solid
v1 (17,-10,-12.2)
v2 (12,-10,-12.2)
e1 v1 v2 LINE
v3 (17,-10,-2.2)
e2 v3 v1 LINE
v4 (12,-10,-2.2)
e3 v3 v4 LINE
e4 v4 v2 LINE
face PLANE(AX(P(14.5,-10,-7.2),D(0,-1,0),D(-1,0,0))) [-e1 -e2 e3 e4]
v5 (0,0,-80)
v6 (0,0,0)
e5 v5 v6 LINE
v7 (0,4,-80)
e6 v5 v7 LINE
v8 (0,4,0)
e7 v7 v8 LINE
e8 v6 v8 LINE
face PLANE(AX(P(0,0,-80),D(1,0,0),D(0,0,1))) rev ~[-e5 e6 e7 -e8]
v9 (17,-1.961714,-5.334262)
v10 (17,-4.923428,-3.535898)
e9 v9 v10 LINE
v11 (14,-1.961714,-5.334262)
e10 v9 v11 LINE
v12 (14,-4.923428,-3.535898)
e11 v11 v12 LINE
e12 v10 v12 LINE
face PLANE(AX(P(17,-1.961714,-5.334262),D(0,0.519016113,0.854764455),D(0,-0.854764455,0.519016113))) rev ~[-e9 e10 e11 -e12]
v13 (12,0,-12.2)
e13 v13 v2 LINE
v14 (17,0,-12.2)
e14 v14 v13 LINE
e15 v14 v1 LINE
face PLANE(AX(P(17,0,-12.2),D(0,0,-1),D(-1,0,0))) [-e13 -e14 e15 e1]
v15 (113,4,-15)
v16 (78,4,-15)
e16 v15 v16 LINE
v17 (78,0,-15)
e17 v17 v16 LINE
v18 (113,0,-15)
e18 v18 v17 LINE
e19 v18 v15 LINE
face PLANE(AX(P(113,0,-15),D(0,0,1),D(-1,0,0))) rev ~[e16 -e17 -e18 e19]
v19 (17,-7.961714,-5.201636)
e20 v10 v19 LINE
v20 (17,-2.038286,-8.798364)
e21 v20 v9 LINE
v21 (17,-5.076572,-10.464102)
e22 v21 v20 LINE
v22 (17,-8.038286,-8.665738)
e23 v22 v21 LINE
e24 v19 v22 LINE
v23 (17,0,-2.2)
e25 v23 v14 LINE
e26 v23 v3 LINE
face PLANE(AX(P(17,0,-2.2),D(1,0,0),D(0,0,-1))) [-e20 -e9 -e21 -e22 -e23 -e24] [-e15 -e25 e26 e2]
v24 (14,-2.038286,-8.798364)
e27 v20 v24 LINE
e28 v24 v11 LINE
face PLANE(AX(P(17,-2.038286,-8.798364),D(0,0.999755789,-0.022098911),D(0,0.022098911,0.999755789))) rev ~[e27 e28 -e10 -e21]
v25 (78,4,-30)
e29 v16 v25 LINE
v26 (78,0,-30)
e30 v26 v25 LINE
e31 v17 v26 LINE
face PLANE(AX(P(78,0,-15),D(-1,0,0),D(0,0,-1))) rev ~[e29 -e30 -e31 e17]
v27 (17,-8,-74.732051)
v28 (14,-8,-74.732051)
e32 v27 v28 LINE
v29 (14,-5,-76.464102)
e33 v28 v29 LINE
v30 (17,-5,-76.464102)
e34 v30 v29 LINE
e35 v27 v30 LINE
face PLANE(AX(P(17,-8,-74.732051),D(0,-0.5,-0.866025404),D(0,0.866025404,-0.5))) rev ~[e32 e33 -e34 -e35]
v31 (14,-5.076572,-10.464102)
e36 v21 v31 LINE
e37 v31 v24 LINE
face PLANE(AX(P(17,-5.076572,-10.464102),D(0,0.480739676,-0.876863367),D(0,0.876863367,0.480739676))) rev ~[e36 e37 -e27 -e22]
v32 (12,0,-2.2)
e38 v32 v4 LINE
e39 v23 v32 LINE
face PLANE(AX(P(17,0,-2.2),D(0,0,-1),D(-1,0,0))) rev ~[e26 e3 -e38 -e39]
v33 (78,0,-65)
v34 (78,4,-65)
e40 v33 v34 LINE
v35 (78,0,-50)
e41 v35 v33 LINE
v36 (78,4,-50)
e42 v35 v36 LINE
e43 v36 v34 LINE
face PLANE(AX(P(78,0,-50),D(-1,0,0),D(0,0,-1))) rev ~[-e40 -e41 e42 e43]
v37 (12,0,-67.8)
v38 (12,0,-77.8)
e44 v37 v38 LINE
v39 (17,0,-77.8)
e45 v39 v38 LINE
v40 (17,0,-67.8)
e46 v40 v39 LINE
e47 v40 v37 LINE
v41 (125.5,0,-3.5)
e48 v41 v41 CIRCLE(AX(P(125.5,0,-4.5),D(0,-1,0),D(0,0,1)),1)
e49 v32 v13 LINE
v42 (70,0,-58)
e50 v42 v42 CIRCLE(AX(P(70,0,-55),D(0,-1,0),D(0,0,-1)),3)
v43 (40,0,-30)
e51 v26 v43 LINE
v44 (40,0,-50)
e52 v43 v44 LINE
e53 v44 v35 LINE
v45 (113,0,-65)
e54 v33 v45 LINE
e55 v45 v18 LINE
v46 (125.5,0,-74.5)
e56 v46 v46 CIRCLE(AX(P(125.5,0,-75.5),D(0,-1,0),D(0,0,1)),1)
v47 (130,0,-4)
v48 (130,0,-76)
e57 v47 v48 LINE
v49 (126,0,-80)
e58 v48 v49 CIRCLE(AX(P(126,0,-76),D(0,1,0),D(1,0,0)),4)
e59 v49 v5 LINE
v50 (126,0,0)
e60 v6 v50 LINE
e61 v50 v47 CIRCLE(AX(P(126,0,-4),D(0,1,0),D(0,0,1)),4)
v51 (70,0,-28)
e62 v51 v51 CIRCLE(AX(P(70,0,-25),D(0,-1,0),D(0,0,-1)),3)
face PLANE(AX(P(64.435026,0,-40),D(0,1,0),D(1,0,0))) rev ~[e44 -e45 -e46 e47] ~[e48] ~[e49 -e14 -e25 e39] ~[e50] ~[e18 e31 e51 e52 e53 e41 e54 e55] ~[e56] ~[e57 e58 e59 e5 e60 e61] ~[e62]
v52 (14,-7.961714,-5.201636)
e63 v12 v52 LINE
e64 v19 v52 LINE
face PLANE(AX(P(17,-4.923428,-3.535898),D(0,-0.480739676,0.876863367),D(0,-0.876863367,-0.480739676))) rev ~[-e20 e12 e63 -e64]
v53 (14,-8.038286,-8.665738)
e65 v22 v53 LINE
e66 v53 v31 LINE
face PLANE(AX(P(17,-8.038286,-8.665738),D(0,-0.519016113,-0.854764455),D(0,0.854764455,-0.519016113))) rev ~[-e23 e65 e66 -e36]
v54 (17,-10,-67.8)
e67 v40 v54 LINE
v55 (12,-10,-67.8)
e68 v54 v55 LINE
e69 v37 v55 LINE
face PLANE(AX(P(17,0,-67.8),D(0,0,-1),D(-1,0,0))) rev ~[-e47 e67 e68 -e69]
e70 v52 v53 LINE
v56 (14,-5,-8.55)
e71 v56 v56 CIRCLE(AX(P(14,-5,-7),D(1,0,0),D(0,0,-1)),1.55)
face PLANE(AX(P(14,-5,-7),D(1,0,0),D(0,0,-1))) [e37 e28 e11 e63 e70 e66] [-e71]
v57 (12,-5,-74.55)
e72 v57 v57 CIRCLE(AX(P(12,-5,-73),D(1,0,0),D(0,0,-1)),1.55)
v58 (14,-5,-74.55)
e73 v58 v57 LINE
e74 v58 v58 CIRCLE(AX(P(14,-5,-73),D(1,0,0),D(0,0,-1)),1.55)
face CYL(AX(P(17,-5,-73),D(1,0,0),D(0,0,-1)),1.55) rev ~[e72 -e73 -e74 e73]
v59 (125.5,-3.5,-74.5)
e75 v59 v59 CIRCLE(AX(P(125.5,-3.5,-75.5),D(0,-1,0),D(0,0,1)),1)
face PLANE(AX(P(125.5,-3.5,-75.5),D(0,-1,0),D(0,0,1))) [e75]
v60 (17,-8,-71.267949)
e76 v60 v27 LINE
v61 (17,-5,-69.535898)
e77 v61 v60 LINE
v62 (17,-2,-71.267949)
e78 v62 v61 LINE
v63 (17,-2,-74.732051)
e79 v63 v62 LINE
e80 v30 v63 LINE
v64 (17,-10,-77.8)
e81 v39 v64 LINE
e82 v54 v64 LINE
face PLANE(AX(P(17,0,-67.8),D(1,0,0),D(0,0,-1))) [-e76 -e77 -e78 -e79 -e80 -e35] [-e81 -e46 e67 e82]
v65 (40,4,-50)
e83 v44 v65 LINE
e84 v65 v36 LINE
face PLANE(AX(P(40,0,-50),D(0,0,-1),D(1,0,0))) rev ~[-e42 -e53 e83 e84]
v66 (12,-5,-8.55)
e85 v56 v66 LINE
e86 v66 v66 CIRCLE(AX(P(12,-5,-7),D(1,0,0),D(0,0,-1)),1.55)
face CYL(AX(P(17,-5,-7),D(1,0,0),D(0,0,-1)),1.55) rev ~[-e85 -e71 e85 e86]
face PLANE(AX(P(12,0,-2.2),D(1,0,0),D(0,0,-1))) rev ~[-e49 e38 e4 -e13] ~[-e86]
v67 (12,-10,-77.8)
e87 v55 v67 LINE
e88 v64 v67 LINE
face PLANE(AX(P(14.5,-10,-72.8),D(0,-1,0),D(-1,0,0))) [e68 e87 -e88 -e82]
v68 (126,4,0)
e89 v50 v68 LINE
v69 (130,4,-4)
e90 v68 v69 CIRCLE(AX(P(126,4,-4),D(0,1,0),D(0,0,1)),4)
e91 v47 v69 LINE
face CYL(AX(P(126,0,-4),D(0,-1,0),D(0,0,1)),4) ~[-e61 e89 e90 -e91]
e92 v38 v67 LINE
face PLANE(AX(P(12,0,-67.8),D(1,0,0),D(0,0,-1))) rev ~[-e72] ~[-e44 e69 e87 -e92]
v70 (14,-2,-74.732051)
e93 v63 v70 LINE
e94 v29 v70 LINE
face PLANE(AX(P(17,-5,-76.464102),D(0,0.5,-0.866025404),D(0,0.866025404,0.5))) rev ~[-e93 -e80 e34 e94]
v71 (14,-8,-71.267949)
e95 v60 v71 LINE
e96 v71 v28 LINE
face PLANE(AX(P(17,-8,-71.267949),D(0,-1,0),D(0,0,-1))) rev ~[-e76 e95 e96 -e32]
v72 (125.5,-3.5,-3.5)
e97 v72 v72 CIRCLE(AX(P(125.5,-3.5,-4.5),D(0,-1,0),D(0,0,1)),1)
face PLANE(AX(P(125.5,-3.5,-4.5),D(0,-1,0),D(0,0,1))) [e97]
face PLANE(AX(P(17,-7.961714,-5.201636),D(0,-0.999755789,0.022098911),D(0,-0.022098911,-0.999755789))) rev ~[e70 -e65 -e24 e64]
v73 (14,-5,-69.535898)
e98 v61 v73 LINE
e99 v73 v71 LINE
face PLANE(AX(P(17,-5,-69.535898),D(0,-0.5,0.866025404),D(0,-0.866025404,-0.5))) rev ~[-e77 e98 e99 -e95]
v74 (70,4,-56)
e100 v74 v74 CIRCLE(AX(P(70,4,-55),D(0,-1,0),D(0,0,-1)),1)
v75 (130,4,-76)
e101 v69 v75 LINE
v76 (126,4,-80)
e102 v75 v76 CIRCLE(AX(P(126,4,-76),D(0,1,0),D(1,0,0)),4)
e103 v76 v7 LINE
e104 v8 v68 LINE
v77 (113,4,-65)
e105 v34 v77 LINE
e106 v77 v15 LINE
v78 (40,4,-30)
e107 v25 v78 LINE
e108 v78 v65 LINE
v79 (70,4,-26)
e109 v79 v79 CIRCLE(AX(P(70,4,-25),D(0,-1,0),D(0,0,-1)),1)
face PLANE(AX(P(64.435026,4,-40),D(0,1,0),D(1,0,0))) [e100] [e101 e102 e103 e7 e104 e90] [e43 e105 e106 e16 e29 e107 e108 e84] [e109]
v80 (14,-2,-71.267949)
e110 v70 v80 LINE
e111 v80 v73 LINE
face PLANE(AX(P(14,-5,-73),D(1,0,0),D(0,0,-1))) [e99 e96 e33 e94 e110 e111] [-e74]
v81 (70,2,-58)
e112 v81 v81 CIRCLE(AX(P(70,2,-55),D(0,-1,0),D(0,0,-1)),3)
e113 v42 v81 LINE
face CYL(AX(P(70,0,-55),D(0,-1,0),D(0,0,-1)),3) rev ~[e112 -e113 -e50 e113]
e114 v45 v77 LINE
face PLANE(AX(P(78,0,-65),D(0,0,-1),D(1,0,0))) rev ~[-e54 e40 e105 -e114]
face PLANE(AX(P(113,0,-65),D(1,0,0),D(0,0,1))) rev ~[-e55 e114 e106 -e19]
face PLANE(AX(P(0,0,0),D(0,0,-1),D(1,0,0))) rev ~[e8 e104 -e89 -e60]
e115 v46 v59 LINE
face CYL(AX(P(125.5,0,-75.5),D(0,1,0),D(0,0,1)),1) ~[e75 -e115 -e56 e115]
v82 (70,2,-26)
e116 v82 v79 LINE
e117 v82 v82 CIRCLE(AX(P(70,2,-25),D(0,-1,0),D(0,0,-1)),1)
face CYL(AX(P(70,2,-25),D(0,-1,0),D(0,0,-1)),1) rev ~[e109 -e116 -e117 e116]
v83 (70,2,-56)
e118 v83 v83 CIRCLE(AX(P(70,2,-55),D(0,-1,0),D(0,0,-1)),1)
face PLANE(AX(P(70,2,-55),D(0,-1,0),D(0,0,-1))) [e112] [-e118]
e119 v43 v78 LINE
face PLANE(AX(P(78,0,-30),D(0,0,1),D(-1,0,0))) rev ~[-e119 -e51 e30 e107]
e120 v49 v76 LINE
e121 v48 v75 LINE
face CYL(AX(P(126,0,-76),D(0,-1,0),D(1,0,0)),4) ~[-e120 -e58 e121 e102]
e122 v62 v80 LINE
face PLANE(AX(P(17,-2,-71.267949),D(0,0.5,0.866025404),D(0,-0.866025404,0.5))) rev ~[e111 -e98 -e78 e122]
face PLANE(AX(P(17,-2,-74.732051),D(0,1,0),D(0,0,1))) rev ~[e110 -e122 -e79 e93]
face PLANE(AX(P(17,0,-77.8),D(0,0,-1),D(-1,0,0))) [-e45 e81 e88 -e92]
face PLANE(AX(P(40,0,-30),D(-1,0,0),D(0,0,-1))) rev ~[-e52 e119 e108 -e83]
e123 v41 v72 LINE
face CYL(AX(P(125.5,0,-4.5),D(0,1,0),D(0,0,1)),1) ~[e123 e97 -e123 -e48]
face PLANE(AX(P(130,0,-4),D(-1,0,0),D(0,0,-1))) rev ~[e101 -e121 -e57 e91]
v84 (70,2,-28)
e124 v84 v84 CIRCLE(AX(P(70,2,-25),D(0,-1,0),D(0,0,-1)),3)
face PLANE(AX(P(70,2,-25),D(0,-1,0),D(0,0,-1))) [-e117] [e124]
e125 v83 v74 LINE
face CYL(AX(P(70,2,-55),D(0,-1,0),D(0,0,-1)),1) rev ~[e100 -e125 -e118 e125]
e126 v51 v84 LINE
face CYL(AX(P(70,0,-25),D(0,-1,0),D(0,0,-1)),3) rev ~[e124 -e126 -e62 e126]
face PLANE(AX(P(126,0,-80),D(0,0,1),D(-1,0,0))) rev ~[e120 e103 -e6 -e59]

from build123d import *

# Parameters (mm, degrees)
BOSS_EXTRUDE1_DEPTH = 4
SKETCH2_R           = 1
BOSS_EXTRUDE2_DEPTH = 3.5
SKETCH3_W           = 5
SKETCH3_H           = 10
BOSS_EXTRUDE3_DEPTH = 10
SKETCH4_R           = 1.55
CUT_EXTRUDE1_DEPTH  = 3
SKETCH4_3_R         = 1.55
CUT_EXTRUDE2_DEPTH  = 5
SKETCH7_R           = 3
CUT_EXTRUDE3_DEPTH  = 2
SKETCH8_R           = 1
CUT_EXTRUDE4_DEPTH  = 2
SKETCH9_R           = 1
CUT_EXTRUDE5_DEPTH  = 2
CUT_EXTRUDE6_DEPTH  = 4
SKETCH6_R           = 1.55
CUT_EXTRUDE7_DEPTH  = 3
SKETCH6_3_R         = 1.55
CUT_EXTRUDE8_DEPTH  = 5


with BuildPart() as part:
    # Sketch1 → Boss-Extrude1 (new body)
    with BuildSketch(Plane(origin=(0, 0, 0), x_dir=(1, 0, 0), z_dir=(0, 1, 0))):
        with BuildLine():
            Line((0, 80), (0, 0))
            Line((0, 0), (126, 0))
            ThreePointArc((126, 0), (128.828427125, 1.171572875), (130, 4))
            Line((130, 4), (130, 76))
            ThreePointArc((130, 76), (128.828427125, 78.828427125), (126, 80))
            Line((126, 80), (0, 80))
        make_face()
    extrude(amount=BOSS_EXTRUDE1_DEPTH)

    # Sketch2 → Boss-Extrude2 (add)
    with BuildSketch(Plane(origin=(0, 0, 0), x_dir=(-1, 0, 0), z_dir=(0, -1, 0))):
        with Locations(Location((-125.5, 4.5, 0), (0, 0, 270))):
            Circle(SKETCH2_R)
        with Locations(Location((-125.5, 75.5, 0), (0, 0, 270))):
            Circle(SKETCH2_R)
    extrude(amount=BOSS_EXTRUDE2_DEPTH)

    # Sketch3 → Boss-Extrude3 (add)
    with BuildSketch(Plane(origin=(0, 0, 0), x_dir=(-1, 0, 0), z_dir=(0, -1, 0))):
        with Locations((-14.5, 7.2)):
            Rectangle(SKETCH3_W, SKETCH3_H)
        with Locations((-14.5, 72.8)):
            Rectangle(SKETCH3_W, SKETCH3_H)
    extrude(amount=BOSS_EXTRUDE3_DEPTH)

    # Sketch4 → Cut-Extrude1 (cut)
    with BuildSketch(Plane(origin=(17, 0, 0), x_dir=(0, 0, -1), z_dir=(1, 0, 0))):
        Polygon((3.535898385, -4.923428426), (5.201636264, -7.961714213), (8.665737879, -8.038285787), (10.464101615, -5.076571574), (8.798363736, -2.038285787), (5.334262121, -1.961714213), align=None)
        with Locations((7, -5)):
            Circle(SKETCH4_R, mode=Mode.SUBTRACT)
    extrude(amount=-CUT_EXTRUDE1_DEPTH, mode=Mode.SUBTRACT)

    # Sketch4<3> → Cut-Extrude2 (cut)
    with BuildSketch(Plane(origin=(17, 0, 0), x_dir=(0, 0, -1), z_dir=(1, 0, 0))):
        with Locations((7, -5)):
            Circle(SKETCH4_3_R)
    extrude(amount=-CUT_EXTRUDE2_DEPTH, mode=Mode.SUBTRACT)

    # Sketch7 → Cut-Extrude3 (cut)
    with BuildSketch(Plane.XZ):
        with Locations(Location((70, -25, 0), (0, 0, 270))):
            Circle(SKETCH7_R)
        with Locations(Location((70, -55, 0), (0, 0, 270))):
            Circle(SKETCH7_R)
    extrude(amount=-CUT_EXTRUDE3_DEPTH, mode=Mode.SUBTRACT)

    # Sketch8 → Cut-Extrude4 (cut)
    with BuildSketch(Plane(origin=(0, 2, 0), x_dir=(-1, 0, 0), z_dir=(0, -1, 0))):
        with Locations(Location((-70, 55, 0), (0, 0, 90))):
            Circle(SKETCH8_R)
    extrude(amount=-CUT_EXTRUDE4_DEPTH, mode=Mode.SUBTRACT)

    # Sketch9 → Cut-Extrude5 (cut)
    with BuildSketch(Plane(origin=(0, 2, 0), x_dir=(-1, 0, 0), z_dir=(0, -1, 0))):
        with Locations(Location((-70, 25, 0), (0, 0, 90))):
            Circle(SKETCH9_R)
    extrude(amount=-CUT_EXTRUDE5_DEPTH, mode=Mode.SUBTRACT)

    # Sketch10 → Cut-Extrude6 (cut)
    with BuildSketch(Plane(origin=(0, 0, 0), x_dir=(-1, 0, 0), z_dir=(0, -1, 0))):
        Polygon((-78, 30), (-40, 30), (-40, 50), (-78, 50), (-78, 65), (-113, 65), (-113, 15), (-78, 15), align=None)
    extrude(amount=-CUT_EXTRUDE6_DEPTH, mode=Mode.SUBTRACT)

    # Sketch6 → Cut-Extrude7 (cut)
    with BuildSketch(Plane(origin=(17, 0, 0), x_dir=(0, 0, -1), z_dir=(1, 0, 0))):
        Polygon((76.464101615, -5), (74.732050808, -2), (71.267949192, -2), (69.535898385, -5), (71.267949192, -8), (74.732050808, -8), align=None)
        with Locations((73, -5)):
            Circle(SKETCH6_R, mode=Mode.SUBTRACT)
    extrude(amount=-CUT_EXTRUDE7_DEPTH, mode=Mode.SUBTRACT)

    # Sketch6<3> → Cut-Extrude8 (cut)
    with BuildSketch(Plane(origin=(17, 0, 0), x_dir=(0, 0, -1), z_dir=(1, 0, 0))):
        with Locations((73, -5)):
            Circle(SKETCH6_3_R)
    extrude(amount=-CUT_EXTRUDE8_DEPTH, mode=Mode.SUBTRACT)


solid = part.part
